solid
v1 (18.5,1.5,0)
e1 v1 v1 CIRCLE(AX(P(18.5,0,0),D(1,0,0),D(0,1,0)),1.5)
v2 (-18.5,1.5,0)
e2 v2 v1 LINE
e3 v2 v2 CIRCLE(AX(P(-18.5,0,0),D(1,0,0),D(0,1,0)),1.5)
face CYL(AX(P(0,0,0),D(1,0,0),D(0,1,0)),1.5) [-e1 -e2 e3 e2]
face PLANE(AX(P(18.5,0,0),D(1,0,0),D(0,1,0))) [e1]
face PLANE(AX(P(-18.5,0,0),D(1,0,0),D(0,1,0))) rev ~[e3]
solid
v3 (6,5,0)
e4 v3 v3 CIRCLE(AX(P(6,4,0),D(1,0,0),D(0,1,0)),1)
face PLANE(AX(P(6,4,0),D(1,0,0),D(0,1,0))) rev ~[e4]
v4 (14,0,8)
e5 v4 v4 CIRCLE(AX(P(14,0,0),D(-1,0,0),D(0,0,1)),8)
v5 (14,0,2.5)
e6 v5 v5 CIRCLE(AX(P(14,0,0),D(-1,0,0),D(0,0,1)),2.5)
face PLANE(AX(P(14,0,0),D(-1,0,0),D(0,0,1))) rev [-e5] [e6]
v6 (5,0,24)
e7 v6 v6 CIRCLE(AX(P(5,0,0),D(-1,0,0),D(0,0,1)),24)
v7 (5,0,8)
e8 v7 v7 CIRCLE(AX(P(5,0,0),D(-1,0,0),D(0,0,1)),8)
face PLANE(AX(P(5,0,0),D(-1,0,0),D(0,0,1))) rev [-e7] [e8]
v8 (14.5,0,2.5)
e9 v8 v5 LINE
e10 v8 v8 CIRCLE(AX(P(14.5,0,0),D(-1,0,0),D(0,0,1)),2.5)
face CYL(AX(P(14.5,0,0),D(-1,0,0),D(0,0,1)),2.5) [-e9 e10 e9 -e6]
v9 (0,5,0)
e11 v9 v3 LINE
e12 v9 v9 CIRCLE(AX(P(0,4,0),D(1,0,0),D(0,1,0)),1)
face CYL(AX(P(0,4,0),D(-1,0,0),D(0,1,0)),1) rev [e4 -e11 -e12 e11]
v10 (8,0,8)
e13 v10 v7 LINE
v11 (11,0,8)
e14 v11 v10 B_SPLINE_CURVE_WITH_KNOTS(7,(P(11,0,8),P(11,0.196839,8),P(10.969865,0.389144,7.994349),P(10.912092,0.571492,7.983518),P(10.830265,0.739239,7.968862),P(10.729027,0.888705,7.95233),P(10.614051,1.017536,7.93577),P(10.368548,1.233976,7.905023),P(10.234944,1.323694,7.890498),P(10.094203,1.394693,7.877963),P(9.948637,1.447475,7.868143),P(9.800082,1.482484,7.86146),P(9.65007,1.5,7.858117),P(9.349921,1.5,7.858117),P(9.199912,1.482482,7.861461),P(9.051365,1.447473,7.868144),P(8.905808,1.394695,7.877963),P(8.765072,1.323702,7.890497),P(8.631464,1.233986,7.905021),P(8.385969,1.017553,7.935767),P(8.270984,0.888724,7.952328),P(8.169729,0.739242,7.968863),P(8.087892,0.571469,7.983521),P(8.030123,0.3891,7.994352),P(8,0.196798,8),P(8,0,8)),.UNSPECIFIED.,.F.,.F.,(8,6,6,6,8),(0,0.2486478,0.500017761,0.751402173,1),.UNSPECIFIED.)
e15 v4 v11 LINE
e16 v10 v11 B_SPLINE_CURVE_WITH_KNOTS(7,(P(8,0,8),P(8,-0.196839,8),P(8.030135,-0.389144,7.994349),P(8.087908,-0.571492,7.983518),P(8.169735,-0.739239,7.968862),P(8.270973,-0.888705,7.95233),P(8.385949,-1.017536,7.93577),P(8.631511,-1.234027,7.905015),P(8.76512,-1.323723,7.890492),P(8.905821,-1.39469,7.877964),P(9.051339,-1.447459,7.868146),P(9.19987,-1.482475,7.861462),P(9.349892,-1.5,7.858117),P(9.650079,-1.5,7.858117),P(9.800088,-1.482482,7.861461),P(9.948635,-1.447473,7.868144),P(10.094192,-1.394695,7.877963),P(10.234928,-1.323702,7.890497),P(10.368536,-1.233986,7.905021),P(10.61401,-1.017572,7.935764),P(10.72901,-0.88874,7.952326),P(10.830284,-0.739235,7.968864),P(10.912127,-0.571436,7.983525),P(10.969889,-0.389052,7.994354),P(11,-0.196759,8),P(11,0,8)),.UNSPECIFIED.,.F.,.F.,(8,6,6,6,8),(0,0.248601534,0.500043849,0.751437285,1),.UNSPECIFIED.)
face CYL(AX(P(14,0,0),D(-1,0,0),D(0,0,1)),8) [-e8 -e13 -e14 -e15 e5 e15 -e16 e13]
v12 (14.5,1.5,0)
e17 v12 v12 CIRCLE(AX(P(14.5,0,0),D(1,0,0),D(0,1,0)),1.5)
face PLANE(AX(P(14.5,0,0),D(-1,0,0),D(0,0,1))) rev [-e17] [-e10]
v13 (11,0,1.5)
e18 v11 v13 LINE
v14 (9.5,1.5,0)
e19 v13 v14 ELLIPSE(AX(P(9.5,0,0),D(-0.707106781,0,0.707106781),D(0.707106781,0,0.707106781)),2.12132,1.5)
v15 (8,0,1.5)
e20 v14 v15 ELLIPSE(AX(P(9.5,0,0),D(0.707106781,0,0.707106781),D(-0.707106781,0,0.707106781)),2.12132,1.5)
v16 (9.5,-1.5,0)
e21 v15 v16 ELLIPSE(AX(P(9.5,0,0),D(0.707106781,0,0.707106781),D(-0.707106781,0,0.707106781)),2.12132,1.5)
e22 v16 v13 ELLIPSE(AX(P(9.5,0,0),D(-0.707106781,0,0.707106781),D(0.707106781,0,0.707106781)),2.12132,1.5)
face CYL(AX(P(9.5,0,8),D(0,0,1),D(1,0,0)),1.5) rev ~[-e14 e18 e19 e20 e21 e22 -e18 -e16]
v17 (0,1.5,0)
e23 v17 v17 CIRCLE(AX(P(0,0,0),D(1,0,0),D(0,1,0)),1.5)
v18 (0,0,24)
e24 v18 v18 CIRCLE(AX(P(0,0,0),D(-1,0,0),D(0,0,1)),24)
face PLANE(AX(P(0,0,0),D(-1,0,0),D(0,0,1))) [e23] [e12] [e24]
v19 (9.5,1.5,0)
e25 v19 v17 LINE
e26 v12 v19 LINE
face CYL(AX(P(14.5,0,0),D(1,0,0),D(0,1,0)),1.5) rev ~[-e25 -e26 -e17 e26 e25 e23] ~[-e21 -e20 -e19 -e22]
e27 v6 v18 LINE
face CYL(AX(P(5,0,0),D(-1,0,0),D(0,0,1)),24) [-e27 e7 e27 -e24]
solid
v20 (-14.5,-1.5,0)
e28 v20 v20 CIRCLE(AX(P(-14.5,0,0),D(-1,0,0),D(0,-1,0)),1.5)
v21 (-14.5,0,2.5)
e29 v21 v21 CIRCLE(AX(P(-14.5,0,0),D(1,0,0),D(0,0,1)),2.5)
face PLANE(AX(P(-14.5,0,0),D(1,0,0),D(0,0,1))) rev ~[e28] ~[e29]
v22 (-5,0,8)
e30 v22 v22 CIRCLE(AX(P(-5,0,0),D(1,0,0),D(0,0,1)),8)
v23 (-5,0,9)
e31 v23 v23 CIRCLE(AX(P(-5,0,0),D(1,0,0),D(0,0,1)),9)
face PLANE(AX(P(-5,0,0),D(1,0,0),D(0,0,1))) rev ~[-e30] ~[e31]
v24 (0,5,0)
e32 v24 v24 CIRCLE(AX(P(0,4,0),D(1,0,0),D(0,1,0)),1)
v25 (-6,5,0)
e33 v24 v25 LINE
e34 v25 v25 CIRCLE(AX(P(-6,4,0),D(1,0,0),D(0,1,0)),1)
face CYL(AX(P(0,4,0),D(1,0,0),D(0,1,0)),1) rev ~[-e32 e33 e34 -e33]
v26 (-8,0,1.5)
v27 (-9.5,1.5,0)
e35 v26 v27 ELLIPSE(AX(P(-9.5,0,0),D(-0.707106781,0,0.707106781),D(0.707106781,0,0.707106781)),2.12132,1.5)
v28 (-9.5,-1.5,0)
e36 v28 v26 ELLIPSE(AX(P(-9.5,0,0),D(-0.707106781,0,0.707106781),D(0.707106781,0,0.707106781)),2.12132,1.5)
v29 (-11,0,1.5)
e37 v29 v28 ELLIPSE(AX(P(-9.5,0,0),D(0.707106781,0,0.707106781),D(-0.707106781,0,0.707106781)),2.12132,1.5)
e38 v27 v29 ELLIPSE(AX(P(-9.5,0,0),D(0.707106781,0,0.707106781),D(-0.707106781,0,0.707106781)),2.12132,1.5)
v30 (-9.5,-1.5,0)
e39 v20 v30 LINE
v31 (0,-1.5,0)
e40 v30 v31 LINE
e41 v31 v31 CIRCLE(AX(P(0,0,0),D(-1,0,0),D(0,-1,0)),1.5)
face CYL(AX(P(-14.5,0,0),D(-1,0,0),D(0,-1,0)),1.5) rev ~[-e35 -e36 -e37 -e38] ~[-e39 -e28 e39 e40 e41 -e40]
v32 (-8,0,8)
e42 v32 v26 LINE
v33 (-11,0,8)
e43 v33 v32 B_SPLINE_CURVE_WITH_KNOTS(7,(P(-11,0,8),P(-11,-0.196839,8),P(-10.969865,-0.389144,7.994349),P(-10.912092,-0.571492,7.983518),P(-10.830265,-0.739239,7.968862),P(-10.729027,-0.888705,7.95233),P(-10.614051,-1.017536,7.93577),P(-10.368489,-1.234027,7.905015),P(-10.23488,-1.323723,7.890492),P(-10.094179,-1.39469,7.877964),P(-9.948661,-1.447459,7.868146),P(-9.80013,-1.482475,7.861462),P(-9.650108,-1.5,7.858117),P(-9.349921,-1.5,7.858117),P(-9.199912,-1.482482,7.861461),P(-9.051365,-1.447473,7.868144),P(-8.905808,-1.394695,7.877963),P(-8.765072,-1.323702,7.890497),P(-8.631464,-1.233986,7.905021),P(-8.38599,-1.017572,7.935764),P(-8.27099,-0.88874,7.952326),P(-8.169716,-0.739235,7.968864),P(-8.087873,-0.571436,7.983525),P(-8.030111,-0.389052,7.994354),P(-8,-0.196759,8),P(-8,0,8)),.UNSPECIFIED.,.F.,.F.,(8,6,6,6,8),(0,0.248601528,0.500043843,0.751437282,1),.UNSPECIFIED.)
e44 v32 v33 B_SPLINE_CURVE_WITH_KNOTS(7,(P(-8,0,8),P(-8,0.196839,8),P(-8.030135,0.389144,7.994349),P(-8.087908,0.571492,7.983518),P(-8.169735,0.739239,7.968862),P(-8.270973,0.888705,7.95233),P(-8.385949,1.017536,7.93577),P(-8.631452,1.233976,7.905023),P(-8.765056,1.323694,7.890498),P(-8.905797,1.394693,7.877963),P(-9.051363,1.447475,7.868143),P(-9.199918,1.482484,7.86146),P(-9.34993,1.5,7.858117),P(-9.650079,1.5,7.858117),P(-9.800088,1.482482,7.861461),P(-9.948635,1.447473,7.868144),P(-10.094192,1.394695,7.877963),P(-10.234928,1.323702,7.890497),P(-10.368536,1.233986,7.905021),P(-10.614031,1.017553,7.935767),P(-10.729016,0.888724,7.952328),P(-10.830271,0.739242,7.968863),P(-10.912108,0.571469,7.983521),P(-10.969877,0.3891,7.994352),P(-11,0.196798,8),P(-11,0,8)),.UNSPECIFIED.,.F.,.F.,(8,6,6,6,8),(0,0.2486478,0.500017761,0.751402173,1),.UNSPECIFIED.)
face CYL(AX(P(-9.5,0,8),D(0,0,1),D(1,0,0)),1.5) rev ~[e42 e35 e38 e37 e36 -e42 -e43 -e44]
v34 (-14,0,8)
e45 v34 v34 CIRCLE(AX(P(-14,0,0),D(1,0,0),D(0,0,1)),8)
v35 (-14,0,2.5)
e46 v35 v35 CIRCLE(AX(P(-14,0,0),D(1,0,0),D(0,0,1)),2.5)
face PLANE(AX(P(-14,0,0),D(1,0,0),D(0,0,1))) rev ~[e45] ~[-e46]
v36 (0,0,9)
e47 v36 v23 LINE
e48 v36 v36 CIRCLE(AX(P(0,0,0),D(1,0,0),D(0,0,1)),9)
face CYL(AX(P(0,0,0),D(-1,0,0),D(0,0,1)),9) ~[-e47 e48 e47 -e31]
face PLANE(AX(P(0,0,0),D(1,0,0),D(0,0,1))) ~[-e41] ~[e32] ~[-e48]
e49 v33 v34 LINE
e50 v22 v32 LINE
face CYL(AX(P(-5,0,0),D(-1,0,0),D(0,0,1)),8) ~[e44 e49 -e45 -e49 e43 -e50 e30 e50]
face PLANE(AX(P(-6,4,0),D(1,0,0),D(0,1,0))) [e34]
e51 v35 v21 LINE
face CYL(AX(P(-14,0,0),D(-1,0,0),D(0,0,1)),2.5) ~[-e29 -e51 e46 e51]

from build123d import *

# Parameters (mm, degrees)
F3_R      = 1.5
F4_DEPTH  = 8
F5_R      = 1.5
F6_DEPTH  = 14.501
F9_R      = 1.5
F10_DEPTH = 8
F11_R     = 1.5
F12_DEPTH = 14.5
F13_R     = 1
F14_DEPTH = 6
F15_DEPTH = 6
F16_R     = 1.5
F17_DEPTH = 18.5


with BuildPart() as f1:
    # F0 (on Front) → F1 (revolve)
    with BuildSketch(Plane.XZ):
        Polygon((0, 24), (0, 0), (14.5, 0), (14.5, 2.5), (14, 2.5), (14, 8), (5, 8), (5, 24), align=None)
    revolve(axis=Axis((7.25, 0, 0), (-1, 0, 0)))

    # F3 (on line) → F4 (cut)
    with BuildSketch(Plane.XY.offset(8)):
        with Locations((9.5, 0)):
            Circle(F3_R)
    extrude(amount=-F4_DEPTH, mode=Mode.SUBTRACT)

    # F5 (on face) → F6 (cut, through all)
    with BuildSketch(Plane.YZ.offset(14.5)):
        Circle(F5_R)
    extrude(amount=-F6_DEPTH, mode=Mode.SUBTRACT)

    # F13 (on face) → F15 (cut)
    with BuildSketch(Plane.YZ):
        with Locations((4, 0)):
            Circle(F13_R)
    extrude(amount=F15_DEPTH, mode=Mode.SUBTRACT)


with BuildPart() as f8:
    # F7 (on Front) → F8 (revolve)
    with BuildSketch(Plane.XZ):
        Polygon((-14.5, 0), (0, 0), (0, 9), (-5, 9), (-5, 8), (-14, 8), (-14, 2.5), (-14.5, 2.5), align=None)
    revolve(axis=Axis((-7.25, 0, 0), (1, 0, 0)))

    # F9 (on line) → F10 (cut)
    with BuildSketch(Plane.XY.offset(8)):
        with Locations((-9.5, 0)):
            Circle(F9_R)
    extrude(amount=-F10_DEPTH, mode=Mode.SUBTRACT)

    # F11 (on face) → F12 (cut, through all)
    with BuildSketch(Plane(origin=(-14.5, 0, 0), x_dir=(0, -1, 0), z_dir=(-1, 0, 0))):
        Circle(F11_R)
    extrude(amount=-F12_DEPTH, mode=Mode.SUBTRACT)

    # F13 (on face) → F14 (cut)
    with BuildSketch(Plane.YZ):
        with Locations((4, 0)):
            Circle(F13_R)
    extrude(amount=-F14_DEPTH, mode=Mode.SUBTRACT)


with BuildPart() as f17:
    # F16 (on Right) → F17 (new body, symmetric)
    with BuildSketch(Plane.YZ):
        Circle(F16_R)
    extrude(amount=F17_DEPTH, both=True)


solid = Compound([f1.part, f8.part, f17.part])
